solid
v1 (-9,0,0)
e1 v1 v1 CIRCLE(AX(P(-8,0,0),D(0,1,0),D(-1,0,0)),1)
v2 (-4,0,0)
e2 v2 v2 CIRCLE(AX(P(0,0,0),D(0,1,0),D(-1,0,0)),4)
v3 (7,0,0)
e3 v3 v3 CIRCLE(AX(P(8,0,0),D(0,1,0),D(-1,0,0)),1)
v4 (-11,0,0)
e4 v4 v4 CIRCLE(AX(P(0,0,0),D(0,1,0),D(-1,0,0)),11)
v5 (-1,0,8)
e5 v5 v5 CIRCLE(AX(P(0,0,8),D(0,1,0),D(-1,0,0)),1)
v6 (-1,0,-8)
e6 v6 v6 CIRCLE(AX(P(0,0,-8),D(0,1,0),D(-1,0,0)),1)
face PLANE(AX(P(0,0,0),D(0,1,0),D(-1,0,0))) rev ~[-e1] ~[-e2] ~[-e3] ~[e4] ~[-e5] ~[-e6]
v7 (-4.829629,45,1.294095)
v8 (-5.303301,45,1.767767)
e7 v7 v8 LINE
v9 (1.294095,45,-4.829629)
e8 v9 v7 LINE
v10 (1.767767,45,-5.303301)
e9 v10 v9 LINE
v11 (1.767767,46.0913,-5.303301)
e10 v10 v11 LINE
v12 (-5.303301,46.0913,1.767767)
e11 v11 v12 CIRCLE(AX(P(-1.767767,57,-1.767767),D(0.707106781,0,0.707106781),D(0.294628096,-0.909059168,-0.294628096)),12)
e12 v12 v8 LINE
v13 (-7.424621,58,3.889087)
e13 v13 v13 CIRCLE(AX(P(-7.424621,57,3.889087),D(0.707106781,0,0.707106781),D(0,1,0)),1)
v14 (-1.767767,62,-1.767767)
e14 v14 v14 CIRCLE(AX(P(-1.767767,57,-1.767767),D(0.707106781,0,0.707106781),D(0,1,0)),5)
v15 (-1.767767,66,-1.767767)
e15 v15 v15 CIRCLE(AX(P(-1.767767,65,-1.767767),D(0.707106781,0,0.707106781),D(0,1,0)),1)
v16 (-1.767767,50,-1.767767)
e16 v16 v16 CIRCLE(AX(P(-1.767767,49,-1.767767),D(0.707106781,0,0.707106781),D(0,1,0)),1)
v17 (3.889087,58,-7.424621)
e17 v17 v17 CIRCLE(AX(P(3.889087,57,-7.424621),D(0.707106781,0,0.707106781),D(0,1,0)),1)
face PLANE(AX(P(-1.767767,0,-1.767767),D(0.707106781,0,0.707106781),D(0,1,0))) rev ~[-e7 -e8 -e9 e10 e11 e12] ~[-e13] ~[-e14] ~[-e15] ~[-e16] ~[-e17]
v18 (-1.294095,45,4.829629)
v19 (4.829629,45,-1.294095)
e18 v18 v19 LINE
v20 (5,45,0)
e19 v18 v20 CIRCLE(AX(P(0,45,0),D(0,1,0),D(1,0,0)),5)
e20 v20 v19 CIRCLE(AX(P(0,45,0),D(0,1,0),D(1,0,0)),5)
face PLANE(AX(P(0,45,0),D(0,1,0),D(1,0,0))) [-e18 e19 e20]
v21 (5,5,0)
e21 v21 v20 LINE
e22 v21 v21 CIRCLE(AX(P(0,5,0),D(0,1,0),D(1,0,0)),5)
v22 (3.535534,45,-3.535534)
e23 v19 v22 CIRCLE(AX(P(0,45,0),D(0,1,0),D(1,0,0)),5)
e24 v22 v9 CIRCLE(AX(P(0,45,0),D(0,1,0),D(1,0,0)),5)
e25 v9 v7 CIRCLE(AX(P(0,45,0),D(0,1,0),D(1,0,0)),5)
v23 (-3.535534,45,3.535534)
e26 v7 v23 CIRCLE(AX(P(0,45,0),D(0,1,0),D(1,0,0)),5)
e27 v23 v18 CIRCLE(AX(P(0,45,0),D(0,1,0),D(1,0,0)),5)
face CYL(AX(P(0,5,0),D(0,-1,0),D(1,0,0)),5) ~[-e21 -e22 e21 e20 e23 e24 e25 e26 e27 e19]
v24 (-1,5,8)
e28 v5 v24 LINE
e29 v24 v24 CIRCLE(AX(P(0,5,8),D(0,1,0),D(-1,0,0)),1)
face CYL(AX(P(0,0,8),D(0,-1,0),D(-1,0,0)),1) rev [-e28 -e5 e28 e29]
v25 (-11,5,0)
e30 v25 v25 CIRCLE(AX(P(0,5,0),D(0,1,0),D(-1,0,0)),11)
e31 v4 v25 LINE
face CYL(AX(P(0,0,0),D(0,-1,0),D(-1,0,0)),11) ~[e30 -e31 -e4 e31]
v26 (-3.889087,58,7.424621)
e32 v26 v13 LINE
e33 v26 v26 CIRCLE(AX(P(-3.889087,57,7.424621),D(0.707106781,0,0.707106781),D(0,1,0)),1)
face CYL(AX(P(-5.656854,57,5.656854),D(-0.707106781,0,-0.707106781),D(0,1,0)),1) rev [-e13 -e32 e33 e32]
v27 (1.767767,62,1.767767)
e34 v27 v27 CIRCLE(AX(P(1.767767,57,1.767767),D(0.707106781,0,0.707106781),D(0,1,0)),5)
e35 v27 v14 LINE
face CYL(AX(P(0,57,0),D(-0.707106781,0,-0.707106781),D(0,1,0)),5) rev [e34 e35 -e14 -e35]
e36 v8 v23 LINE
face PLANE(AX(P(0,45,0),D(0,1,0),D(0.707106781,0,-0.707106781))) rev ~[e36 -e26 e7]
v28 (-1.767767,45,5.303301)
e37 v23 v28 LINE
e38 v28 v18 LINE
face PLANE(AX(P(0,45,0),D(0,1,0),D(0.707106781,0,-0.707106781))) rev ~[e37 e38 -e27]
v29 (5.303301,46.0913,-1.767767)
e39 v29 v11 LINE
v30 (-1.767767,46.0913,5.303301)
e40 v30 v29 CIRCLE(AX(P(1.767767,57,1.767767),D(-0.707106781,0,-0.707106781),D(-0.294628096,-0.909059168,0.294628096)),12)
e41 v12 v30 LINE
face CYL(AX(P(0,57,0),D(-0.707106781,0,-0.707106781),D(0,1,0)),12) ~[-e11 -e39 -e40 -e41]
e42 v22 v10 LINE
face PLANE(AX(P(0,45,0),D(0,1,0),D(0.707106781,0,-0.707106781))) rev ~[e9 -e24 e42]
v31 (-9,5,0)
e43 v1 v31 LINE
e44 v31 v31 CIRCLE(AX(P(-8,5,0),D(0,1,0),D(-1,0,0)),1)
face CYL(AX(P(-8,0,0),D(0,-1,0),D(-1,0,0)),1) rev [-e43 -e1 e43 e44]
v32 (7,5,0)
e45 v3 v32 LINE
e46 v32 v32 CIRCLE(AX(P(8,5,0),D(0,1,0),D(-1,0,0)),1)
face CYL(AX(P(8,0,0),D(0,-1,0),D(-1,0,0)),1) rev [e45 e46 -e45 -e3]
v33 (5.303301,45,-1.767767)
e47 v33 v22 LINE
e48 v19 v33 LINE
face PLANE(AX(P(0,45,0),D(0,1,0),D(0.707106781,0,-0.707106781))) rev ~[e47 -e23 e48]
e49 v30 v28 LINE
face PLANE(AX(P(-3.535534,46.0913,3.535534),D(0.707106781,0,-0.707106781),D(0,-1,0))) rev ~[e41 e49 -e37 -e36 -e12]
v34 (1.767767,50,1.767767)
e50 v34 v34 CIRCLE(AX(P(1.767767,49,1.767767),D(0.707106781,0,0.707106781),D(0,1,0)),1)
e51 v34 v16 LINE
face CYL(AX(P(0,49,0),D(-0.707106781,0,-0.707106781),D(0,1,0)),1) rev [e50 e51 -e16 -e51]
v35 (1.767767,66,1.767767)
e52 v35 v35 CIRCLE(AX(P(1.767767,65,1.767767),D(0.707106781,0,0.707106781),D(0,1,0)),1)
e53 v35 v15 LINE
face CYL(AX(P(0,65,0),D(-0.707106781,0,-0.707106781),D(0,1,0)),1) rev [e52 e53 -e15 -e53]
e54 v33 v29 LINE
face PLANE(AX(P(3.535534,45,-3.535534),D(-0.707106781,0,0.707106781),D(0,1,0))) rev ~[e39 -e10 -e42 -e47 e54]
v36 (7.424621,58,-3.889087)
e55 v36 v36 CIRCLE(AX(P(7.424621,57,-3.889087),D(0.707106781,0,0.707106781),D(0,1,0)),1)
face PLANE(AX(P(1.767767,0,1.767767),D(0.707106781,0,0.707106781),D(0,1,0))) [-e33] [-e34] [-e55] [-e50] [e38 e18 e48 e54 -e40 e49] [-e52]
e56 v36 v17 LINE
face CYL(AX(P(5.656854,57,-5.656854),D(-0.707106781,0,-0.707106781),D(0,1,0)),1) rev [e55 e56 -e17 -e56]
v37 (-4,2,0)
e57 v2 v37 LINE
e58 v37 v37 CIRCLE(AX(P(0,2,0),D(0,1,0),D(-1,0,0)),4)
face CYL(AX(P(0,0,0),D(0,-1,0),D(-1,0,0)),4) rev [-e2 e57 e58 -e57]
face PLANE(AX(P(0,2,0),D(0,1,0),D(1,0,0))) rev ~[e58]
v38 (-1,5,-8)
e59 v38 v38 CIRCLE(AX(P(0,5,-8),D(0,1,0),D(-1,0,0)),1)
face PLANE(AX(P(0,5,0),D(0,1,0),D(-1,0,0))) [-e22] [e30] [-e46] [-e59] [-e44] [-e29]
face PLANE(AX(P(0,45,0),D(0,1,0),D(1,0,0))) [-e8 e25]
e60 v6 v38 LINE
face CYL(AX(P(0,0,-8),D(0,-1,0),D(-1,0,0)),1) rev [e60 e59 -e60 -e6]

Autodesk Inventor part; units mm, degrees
ref_plane "YZ Plane" through (0, 0, 0) normal (1, 0, 0) x (0, 1, 0)
ref_plane "XZ Plane" through (0, 0, 0) normal (0, 1, 0) x (-1, 0, 0)
sketch "Esquisse1" plane through (0, 0, 0) normal (0, 1, 0) x (-1, 0, 0)
  circle A0 centre (0, 0) radius 11
  line L0 (0, 0) -> (-8, 0) construction
  circle A1 centre (-8, 0) radius 1
  circle A2 centre (0, -8) radius 1
  circle A3 centre (8, 0) radius 1
  circle A4 centre (0, 8) radius 1
  circle A5 centre (0, 0) radius 4
  dimension "d0" = 22
  dimension "d1" = 8
  dimension "d2" = 2
  dimension "d5" = 360
  dimension "d7" = 8
extrude "Extrusion1" add sketch "Esquisse1" along normal blind 5
sketch "Esquisse2" plane through (0, 5, 0) normal (0, 1, 0) x (1, 0, 0)
  circle A0 centre (0, 0) radius 4 projected
extrude "Extrusion2" add sketch "Esquisse2" against normal blind 3
sketch "Esquisse3" plane through (0, 5, 0) normal (0, 1, 0) x (1, 0, 0)
  circle A0 centre (0, 0) radius 11 projected
  circle A1 centre (0, 0) radius 5
  dimension "d12" = 10
extrude "Extrusion3" add sketch "Esquisse3" along normal blind 40 contours A1
ref_plane "Plan de construction1" through (0, 0, 0) normal (0.7071, 0, 0.7071) x (0, 1, 0)
sketch "Esquisse4" plane through (0, 0, 0) normal (0.7071, 0, 0.7071) x (0, 1, 0)
  line L0 (0, 0) -> (5, 0) construction
  line L1 (5, 0) -> (5, -5) construction
  line L2 (5, 0) -> (5, 5)
  line L3 (5, 0) -> (5, -5)
  line L4 (0, 0) -> (45, 0) construction
  line L5 (45, 0) -> (57, 0) construction
  circle A0 centre (57, 0) radius 12
  circle A1 centre (57, 0) radius 8 construction
  line L6 (0, 0) -> (45, 0) construction
  line L7 (45, 0) -> (57, 0) construction
  circle A2 centre (65, 0) radius 1
  circle A3 centre (57, 8) radius 1
  circle A4 centre (49, 0) radius 1
  circle A5 centre (57, -8) radius 1
  circle A6 centre (57, 0) radius 5
  line L8 (46.0913, 5) -> (45, 5)
  line L9 (45, 5) -> (45, 0)
  line L10 (45, -5) -> (46.0913, -5)
  line L11 (45, 0) -> (45, -5)
  dimension "d53" = 16
  dimension "d36" = 45
  dimension "d52" = 12
  dimension "d54" = 2
  dimension "d57" = 360
  dimension "d59" = 10
extrude "Extrusion6" add sketch "Esquisse4" along normal mid plane 5
properties part number "neck_v2"
